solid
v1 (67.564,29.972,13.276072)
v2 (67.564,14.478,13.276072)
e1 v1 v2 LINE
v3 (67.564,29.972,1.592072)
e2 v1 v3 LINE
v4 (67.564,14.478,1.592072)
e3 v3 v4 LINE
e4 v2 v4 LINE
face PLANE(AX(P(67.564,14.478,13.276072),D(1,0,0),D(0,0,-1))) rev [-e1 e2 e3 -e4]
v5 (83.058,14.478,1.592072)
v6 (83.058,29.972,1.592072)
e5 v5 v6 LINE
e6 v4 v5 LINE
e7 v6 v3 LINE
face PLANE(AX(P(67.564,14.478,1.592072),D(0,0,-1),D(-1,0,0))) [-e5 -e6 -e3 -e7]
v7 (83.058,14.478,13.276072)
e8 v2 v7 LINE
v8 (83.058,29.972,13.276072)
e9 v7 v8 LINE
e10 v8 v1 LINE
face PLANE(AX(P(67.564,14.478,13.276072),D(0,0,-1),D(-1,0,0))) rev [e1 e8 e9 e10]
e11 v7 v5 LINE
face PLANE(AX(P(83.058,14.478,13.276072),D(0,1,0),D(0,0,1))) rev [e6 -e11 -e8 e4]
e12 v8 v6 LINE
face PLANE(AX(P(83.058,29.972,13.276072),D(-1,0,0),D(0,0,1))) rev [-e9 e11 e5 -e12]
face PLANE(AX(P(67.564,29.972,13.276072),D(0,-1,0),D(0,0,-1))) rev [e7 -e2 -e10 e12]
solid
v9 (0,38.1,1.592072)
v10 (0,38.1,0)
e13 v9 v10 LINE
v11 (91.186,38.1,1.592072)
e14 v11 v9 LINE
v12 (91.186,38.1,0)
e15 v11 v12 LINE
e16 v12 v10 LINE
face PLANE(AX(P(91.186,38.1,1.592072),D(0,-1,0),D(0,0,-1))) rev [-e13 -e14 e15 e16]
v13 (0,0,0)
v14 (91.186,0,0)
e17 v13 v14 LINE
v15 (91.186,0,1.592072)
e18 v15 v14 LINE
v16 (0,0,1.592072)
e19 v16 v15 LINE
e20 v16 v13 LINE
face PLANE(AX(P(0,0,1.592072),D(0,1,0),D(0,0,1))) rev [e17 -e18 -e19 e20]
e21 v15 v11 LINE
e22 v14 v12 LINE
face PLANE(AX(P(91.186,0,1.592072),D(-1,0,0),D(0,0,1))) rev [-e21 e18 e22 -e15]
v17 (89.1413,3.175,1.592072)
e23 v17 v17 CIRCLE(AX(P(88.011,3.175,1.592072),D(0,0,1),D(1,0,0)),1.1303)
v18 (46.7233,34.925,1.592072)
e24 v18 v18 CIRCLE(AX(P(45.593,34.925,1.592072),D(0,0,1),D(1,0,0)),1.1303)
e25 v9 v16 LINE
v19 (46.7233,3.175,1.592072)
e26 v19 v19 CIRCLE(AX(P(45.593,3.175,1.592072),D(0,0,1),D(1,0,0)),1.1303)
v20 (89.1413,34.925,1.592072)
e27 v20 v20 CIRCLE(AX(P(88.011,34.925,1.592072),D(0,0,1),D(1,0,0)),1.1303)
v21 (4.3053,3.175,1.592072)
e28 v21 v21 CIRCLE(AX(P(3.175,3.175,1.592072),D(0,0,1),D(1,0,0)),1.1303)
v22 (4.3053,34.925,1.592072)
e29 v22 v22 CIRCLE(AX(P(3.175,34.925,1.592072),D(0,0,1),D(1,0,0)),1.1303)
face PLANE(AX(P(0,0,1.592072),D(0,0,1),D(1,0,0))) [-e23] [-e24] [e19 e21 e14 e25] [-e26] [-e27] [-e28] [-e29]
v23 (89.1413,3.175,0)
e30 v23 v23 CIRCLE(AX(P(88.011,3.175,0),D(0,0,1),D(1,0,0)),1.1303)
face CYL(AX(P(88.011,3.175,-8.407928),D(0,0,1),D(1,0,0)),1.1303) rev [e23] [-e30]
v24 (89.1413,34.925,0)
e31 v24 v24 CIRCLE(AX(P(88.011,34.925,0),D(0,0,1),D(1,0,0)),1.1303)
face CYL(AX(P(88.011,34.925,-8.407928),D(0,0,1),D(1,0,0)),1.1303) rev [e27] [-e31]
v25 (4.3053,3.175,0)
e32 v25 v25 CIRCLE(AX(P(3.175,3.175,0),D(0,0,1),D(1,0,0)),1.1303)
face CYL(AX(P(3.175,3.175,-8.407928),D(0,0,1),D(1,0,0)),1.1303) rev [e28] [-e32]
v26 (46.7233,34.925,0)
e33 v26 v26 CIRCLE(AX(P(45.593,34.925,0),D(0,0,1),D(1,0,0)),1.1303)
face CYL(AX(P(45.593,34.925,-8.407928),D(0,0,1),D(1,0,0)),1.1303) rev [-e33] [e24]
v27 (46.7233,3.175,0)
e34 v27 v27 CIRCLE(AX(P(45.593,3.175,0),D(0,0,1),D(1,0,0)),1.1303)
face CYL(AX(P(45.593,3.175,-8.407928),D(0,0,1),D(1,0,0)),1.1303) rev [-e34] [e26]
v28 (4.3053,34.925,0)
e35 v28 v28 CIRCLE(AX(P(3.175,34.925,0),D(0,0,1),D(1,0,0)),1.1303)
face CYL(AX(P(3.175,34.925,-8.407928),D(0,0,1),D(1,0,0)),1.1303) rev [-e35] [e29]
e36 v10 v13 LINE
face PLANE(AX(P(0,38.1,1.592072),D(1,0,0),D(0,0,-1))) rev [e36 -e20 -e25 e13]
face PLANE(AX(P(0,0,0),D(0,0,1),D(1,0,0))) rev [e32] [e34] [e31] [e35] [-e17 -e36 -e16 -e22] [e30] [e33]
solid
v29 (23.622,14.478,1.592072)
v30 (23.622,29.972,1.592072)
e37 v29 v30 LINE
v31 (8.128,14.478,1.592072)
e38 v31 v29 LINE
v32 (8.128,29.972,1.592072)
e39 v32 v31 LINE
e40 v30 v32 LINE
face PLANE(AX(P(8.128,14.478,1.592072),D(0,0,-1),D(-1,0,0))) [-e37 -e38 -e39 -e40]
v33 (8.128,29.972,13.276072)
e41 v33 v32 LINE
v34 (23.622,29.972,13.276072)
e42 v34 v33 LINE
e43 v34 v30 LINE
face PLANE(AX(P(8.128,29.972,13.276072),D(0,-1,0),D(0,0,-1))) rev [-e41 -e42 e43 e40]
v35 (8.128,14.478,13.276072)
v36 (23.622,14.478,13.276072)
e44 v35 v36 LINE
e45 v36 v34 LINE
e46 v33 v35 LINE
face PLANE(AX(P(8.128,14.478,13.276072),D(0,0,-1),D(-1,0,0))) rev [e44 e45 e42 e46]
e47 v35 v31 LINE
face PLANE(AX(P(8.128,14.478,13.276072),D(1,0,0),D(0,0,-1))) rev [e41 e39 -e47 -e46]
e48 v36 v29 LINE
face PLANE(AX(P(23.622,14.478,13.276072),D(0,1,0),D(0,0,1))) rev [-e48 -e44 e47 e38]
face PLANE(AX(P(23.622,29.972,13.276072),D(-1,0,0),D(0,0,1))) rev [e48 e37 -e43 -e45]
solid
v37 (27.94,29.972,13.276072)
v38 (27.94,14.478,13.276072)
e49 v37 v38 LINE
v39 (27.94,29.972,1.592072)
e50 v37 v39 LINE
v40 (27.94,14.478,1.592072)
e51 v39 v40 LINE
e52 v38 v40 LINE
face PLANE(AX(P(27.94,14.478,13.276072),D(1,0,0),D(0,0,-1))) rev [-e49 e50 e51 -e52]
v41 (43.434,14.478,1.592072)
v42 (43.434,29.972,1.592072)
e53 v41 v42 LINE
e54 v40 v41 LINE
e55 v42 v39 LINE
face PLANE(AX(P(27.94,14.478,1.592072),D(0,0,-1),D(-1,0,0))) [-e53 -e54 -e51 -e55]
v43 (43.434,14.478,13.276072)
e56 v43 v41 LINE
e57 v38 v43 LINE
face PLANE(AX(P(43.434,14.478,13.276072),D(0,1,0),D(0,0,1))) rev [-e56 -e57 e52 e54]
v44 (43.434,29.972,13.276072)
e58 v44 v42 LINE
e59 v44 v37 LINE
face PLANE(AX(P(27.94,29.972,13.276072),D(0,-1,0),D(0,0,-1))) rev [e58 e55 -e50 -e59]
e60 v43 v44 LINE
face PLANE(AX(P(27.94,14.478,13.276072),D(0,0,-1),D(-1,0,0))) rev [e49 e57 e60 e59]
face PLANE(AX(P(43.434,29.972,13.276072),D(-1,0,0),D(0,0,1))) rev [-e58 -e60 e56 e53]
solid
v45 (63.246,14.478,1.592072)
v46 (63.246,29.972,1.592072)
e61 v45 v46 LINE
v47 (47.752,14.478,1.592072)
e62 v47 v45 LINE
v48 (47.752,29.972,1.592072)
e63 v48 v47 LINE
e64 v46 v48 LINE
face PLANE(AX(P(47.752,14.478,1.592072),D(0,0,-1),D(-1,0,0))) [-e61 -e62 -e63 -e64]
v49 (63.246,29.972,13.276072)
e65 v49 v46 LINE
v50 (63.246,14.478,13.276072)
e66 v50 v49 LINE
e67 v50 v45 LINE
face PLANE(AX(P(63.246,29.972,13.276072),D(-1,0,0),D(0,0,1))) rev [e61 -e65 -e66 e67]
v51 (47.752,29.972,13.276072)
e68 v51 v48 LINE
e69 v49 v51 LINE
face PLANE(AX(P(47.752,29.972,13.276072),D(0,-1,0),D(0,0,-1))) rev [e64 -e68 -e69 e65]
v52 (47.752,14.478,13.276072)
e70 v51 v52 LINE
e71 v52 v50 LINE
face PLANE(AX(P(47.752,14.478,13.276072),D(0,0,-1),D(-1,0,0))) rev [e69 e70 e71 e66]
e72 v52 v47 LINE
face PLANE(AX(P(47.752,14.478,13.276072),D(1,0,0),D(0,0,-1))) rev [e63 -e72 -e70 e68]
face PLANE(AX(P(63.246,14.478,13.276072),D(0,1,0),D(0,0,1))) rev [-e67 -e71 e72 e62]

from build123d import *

# Parameters (mm, degrees)
SKETCH1_W          = 91.186
SKETCH1_H          = 38.1
BOARD_DEPTH        = 1.592072
SKETCH3_W          = 15.494
SKETCH3_H          = 15.494
MX1A_1_DEPTH       = 11.684
SKETCH4_W          = 15.494
SKETCH4_H          = 15.494
MX1A_2_DEPTH       = 11.684
SKETCH5_W          = 15.494
SKETCH5_H          = 15.494
MX1A_3_DEPTH       = 11.684
SKETCH6_W          = 15.494
SKETCH6_H          = 15.494
MX1A_4_DEPTH       = 11.684
SKETCH7_R          = 1.1303
CUT_EXTRUDE1_DEPTH = 10


with BuildPart() as part:
    # Sketch1 → BOARD (new body)
    with BuildSketch(Plane.XY):
        with Locations((45.593, 19.05)):
            Rectangle(SKETCH1_W, SKETCH1_H)
    extrude(amount=BOARD_DEPTH)

    # Sketch7 → Cut-Extrude1 (cut)
    with BuildSketch(Plane.XY.offset(1.592072)):
        with Locations((88.011, 34.925)):
            Circle(SKETCH7_R)
        with Locations((88.011, 3.175)):
            Circle(SKETCH7_R)
        with Locations((45.593, 34.925)):
            Circle(SKETCH7_R)
        with Locations((45.593, 3.175)):
            Circle(SKETCH7_R)
        with Locations((3.175, 34.925)):
            Circle(SKETCH7_R)
        with Locations((3.175, 3.175)):
            Circle(SKETCH7_R)
    extrude(amount=-CUT_EXTRUDE1_DEPTH, mode=Mode.SUBTRACT)


with BuildPart() as body_2:
    # Sketch3 → MX1A-1 (new body)
    with BuildSketch(Plane.XY.offset(1.592072)):
        with Locations((75.311, 22.225)):
            Rectangle(SKETCH3_W, SKETCH3_H)
    extrude(amount=MX1A_1_DEPTH)


with BuildPart() as body_3:
    # Sketch4 → MX1A-2 (new body)
    with BuildSketch(Plane.XY.offset(1.592072)):
        with Locations((55.499, 22.225)):
            Rectangle(SKETCH4_W, SKETCH4_H)
    extrude(amount=MX1A_2_DEPTH)


with BuildPart() as body_4:
    # Sketch5 → MX1A-3 (new body)
    with BuildSketch(Plane.XY.offset(1.592072)):
        with Locations((35.687, 22.225)):
            Rectangle(SKETCH5_W, SKETCH5_H)
    extrude(amount=MX1A_3_DEPTH)


with BuildPart() as body_5:
    # Sketch6 → MX1A-4 (new body)
    with BuildSketch(Plane.XY.offset(1.592072)):
        with Locations((15.875, 22.225)):
            Rectangle(SKETCH6_W, SKETCH6_H)
    extrude(amount=MX1A_4_DEPTH)


solid = Compound([part.part, body_2.part, body_3.part, body_4.part, body_5.part])
